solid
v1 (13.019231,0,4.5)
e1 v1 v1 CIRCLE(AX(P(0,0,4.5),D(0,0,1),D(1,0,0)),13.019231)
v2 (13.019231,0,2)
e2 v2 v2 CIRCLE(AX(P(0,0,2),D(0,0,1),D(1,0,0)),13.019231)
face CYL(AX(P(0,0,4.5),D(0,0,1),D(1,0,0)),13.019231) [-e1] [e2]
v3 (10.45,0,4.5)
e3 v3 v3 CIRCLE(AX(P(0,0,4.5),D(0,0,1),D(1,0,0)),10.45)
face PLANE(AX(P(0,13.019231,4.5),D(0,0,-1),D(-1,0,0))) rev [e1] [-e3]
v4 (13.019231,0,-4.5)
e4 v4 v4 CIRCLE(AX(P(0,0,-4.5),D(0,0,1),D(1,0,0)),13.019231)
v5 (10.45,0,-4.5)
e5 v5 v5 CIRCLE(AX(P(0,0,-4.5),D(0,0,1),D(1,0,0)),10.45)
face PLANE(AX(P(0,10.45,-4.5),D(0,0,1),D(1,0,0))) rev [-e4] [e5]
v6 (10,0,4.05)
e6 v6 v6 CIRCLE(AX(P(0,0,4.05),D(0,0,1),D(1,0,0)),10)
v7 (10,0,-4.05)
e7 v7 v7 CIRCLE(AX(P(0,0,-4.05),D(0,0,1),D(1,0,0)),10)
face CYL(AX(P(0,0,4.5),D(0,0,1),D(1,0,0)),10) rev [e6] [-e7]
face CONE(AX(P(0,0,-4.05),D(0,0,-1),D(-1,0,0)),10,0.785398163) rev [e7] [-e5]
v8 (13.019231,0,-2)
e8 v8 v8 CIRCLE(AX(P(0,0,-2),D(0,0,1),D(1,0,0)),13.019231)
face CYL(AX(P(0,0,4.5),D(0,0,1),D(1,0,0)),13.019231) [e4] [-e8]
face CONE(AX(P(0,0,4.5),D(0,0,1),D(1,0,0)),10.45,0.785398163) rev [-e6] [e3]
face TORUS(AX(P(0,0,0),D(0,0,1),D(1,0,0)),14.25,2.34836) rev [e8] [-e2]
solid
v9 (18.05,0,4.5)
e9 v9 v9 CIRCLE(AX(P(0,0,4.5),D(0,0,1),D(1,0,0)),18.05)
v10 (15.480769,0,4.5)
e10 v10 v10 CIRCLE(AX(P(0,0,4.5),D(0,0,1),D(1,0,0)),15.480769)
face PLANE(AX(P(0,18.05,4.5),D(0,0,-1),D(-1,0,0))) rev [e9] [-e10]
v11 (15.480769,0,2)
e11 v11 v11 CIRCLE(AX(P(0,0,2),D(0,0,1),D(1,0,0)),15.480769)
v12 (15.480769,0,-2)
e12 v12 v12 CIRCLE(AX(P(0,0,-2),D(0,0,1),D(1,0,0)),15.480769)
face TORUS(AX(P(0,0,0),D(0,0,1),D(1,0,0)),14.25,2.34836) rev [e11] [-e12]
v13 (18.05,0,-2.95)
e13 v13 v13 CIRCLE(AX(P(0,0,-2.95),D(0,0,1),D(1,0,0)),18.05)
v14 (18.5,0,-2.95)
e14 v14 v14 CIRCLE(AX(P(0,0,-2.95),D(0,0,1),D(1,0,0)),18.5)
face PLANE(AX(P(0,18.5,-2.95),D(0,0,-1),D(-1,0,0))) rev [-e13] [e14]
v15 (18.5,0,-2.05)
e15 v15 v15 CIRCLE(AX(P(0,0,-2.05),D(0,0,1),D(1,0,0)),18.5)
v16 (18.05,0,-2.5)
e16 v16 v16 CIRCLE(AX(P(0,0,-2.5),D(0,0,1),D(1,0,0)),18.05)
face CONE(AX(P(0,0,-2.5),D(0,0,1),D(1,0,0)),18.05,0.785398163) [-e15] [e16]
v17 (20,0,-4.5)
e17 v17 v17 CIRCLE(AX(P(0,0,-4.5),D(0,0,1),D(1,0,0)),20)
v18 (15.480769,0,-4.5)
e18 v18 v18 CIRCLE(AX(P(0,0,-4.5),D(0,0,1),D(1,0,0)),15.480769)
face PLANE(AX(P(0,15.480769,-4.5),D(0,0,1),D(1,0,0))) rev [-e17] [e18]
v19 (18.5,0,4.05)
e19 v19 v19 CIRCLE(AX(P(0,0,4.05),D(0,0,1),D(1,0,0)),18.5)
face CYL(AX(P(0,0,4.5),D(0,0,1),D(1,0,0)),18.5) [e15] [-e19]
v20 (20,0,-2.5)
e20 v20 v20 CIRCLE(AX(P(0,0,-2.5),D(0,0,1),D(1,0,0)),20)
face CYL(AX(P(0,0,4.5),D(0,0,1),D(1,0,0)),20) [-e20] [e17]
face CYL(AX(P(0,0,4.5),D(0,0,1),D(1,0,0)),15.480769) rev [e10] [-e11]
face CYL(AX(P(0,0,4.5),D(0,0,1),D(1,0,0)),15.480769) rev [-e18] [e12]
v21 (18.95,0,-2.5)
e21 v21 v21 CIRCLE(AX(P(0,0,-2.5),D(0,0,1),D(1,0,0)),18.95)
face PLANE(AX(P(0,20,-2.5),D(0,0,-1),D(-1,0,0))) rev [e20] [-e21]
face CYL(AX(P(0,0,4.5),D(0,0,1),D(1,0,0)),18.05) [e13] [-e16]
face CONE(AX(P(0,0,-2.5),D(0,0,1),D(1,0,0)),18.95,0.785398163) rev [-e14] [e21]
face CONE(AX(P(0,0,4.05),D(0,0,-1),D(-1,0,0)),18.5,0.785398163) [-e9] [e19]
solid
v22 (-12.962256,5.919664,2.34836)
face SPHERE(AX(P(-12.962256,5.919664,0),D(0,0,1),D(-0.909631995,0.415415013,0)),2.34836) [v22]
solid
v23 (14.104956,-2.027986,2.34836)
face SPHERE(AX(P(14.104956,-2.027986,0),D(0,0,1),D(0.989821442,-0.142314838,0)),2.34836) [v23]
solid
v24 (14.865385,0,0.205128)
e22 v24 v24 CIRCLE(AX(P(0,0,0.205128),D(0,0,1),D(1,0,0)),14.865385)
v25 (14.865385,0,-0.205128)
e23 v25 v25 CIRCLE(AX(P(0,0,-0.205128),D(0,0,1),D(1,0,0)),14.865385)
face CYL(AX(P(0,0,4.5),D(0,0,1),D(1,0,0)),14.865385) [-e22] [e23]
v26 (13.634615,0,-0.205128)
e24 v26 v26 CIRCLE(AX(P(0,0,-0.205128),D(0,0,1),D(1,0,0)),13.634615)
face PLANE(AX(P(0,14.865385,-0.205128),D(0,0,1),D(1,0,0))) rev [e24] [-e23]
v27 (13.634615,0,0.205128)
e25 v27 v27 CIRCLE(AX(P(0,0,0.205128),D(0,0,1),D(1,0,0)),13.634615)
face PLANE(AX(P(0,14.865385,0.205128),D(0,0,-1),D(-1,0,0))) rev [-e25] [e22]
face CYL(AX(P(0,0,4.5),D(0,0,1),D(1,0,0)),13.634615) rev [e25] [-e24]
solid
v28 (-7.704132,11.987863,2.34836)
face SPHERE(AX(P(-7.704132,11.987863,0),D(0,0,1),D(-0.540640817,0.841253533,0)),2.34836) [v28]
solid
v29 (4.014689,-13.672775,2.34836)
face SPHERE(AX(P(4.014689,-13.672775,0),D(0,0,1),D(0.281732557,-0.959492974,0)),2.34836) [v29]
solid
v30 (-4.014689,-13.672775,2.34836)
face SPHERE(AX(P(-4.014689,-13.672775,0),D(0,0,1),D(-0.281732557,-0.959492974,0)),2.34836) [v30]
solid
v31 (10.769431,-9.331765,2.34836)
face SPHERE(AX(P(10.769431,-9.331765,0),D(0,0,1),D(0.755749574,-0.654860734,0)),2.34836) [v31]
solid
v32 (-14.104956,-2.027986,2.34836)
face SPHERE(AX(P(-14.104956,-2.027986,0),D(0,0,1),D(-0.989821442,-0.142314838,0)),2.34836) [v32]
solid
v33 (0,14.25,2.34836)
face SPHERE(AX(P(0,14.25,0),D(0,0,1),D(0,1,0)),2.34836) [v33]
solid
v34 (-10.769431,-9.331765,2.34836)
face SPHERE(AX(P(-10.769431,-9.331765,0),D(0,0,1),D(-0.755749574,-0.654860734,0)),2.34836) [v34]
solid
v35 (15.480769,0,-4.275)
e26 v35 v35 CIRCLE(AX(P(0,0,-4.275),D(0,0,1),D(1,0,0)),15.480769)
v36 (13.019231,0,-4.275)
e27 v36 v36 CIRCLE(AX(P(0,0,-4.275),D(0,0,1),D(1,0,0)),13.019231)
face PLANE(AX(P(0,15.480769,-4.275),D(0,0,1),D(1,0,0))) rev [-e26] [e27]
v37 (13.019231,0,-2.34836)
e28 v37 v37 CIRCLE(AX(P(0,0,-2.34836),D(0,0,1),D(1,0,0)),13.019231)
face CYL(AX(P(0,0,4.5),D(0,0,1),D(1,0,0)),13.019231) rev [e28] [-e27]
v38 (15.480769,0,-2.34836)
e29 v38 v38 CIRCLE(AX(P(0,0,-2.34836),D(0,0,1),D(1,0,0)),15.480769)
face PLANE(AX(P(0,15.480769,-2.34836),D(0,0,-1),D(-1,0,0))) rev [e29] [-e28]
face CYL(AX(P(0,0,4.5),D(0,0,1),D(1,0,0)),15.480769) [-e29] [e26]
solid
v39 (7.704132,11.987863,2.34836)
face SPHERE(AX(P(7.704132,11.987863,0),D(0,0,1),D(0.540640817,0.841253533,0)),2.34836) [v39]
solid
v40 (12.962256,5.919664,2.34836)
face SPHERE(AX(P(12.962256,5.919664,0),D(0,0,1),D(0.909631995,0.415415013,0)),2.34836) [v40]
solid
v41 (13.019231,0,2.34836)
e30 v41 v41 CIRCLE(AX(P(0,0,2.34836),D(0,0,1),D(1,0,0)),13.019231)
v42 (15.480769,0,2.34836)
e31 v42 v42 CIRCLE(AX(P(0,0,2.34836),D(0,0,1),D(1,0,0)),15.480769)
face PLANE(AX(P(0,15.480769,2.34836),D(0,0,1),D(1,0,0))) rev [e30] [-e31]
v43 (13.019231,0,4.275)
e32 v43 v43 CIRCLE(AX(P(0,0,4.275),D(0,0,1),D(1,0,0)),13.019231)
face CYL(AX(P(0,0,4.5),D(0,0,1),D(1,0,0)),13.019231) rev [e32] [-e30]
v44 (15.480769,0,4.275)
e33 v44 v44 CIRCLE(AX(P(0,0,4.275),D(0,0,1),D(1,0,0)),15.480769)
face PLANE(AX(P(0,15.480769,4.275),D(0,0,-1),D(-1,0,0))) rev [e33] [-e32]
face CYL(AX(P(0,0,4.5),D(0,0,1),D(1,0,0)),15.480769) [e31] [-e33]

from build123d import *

# Parameters (mm, degrees)
SKETCH6_W         = 0.41025641
SKETCH6_H         = 1.23076923
CIRPATTERN1_COUNT = 11
SKETCH5_W         = 1.926640381
SKETCH5_H         = 2.461538462


with BuildPart() as part:
    # Sketch7 → Revolve7 (revolve)
    with BuildSketch(Plane(origin=(0, 0, 0), x_dir=(0, 0, -1), z_dir=(1, 0, 0))):
        with BuildLine():
            Line((4.5, 20), (2.5, 20))
            Line((2.5, 20), (2.5, 18.95))
            Line((2.5, 18.95), (2.95, 18.5))
            Line((2.95, 18.5), (2.95, 18.05))
            Line((2.95, 18.05), (2.5, 18.05))
            Line((2.5, 18.05), (2.05, 18.5))
            Line((2.05, 18.5), (-4.05, 18.5))
            Line((-4.05, 18.5), (-4.5, 18.05))
            Line((-4.5, 18.05), (-4.5, 15.480769231))
            Line((-4.5, 15.480769231), (-2, 15.480769231))
            ThreePointArc((-2, 15.480769231), (0, 16.598359619), (2, 15.480769231))
            Line((2, 15.480769231), (4.5, 15.480769231))
            Line((4.5, 15.480769231), (4.5, 18.05))
            Line((4.5, 18.05), (4.5, 20))
        make_face()
    revolve(axis=Axis((0, 0, 4.5), (0, 0, -1)))


with BuildPart() as body_2:
    # Sketch3 → Revolve3 (revolve)
    with BuildSketch(Plane(origin=(0, 0, 0), x_dir=(0, 0, -1), z_dir=(1, 0, 0))):
        with BuildLine():
            Line((-4.5, 13.019230769), (-2, 13.019230769))
            ThreePointArc((-2, 13.019230769), (0, 11.901640381), (2, 13.019230769))
            Line((2, 13.019230769), (4.5, 13.019230769))
            Line((4.5, 13.019230769), (4.5, 10.45))
            Line((4.5, 10.45), (4.05, 10))
            Line((4.05, 10), (-4.05, 10))
            Line((-4.05, 10), (-4.5, 10.45))
            Line((-4.5, 10.45), (-4.5, 13.019230769))
        make_face()
    revolve(axis=Axis((0, 0, 4.5), (0, 0, -1)))


with BuildPart() as body_3:
    # Sketch6 → Revolve6 (revolve)
    with BuildSketch(Plane(origin=(0, 0, 0), x_dir=(0, 0, -1), z_dir=(1, 0, 0))):
        with Locations((0, 14.25)):
            Rectangle(SKETCH6_W, SKETCH6_H)
    revolve(axis=Axis((0, 0, 4.5), (0, 0, -1)))


with BuildPart() as body_4:
    # Sketch4 → Revolve4 (revolve)
    with BuildSketch(Plane(origin=(0, 0, 0), x_dir=(0, 0, -1), z_dir=(1, 0, 0))):
        with BuildLine():
            Line((-2.348359619, 14.25), (2.348359619, 14.25))
            ThreePointArc((2.348359619, 14.25), (0, 16.598359619), (-2.348359619, 14.25))
        make_face()
    revolve(axis=Axis((0, 14.25, 2.348359619), (0, 0, -1)))


with BuildPart() as cirpattern1_1:
    # CirPattern1: pattern copy
    add(body_4.part.rotate(Axis((0, 0, -4.5), (0, 0, 1)), 1 * 360 / CIRPATTERN1_COUNT))


with BuildPart() as cirpattern1_2:
    # CirPattern1: pattern copy
    add(body_4.part.rotate(Axis((0, 0, -4.5), (0, 0, 1)), 2 * 360 / CIRPATTERN1_COUNT))


with BuildPart() as cirpattern1_3:
    # CirPattern1: pattern copy
    add(body_4.part.rotate(Axis((0, 0, -4.5), (0, 0, 1)), 3 * 360 / CIRPATTERN1_COUNT))


with BuildPart() as cirpattern1_4:
    # CirPattern1: pattern copy
    add(body_4.part.rotate(Axis((0, 0, -4.5), (0, 0, 1)), 4 * 360 / CIRPATTERN1_COUNT))


with BuildPart() as cirpattern1_5:
    # CirPattern1: pattern copy
    add(body_4.part.rotate(Axis((0, 0, -4.5), (0, 0, 1)), 5 * 360 / CIRPATTERN1_COUNT))


with BuildPart() as cirpattern1_6:
    # CirPattern1: pattern copy
    add(body_4.part.rotate(Axis((0, 0, -4.5), (0, 0, 1)), 6 * 360 / CIRPATTERN1_COUNT))


with BuildPart() as cirpattern1_7:
    # CirPattern1: pattern copy
    add(body_4.part.rotate(Axis((0, 0, -4.5), (0, 0, 1)), 7 * 360 / CIRPATTERN1_COUNT))


with BuildPart() as cirpattern1_8:
    # CirPattern1: pattern copy
    add(body_4.part.rotate(Axis((0, 0, -4.5), (0, 0, 1)), 8 * 360 / CIRPATTERN1_COUNT))


with BuildPart() as cirpattern1_9:
    # CirPattern1: pattern copy
    add(body_4.part.rotate(Axis((0, 0, -4.5), (0, 0, 1)), 9 * 360 / CIRPATTERN1_COUNT))


with BuildPart() as cirpattern1_10:
    # CirPattern1: pattern copy
    add(body_4.part.rotate(Axis((0, 0, -4.5), (0, 0, 1)), 10 * 360 / CIRPATTERN1_COUNT))


with BuildPart() as body_15:
    # Sketch5 → Revolve5 (revolve)
    with BuildSketch(Plane(origin=(0, 0, 0), x_dir=(0, 0, -1), z_dir=(1, 0, 0))):
        with Locations((-3.31167981, 14.25)):
            Rectangle(SKETCH5_W, SKETCH5_H)
        with Locations((3.31167981, 14.25)):
            Rectangle(SKETCH5_W, SKETCH5_H)
    revolve(axis=Axis((0, 0, 4.5), (0, 0, -1)))


solid = Compound([part.part, body_2.part, body_3.part, body_4.part, cirpattern1_1.part, cirpattern1_2.part, cirpattern1_3.part, cirpattern1_4.part, cirpattern1_5.part, cirpattern1_6.part, cirpattern1_7.part, cirpattern1_8.part, cirpattern1_9.part, cirpattern1_10.part, body_15.part])
